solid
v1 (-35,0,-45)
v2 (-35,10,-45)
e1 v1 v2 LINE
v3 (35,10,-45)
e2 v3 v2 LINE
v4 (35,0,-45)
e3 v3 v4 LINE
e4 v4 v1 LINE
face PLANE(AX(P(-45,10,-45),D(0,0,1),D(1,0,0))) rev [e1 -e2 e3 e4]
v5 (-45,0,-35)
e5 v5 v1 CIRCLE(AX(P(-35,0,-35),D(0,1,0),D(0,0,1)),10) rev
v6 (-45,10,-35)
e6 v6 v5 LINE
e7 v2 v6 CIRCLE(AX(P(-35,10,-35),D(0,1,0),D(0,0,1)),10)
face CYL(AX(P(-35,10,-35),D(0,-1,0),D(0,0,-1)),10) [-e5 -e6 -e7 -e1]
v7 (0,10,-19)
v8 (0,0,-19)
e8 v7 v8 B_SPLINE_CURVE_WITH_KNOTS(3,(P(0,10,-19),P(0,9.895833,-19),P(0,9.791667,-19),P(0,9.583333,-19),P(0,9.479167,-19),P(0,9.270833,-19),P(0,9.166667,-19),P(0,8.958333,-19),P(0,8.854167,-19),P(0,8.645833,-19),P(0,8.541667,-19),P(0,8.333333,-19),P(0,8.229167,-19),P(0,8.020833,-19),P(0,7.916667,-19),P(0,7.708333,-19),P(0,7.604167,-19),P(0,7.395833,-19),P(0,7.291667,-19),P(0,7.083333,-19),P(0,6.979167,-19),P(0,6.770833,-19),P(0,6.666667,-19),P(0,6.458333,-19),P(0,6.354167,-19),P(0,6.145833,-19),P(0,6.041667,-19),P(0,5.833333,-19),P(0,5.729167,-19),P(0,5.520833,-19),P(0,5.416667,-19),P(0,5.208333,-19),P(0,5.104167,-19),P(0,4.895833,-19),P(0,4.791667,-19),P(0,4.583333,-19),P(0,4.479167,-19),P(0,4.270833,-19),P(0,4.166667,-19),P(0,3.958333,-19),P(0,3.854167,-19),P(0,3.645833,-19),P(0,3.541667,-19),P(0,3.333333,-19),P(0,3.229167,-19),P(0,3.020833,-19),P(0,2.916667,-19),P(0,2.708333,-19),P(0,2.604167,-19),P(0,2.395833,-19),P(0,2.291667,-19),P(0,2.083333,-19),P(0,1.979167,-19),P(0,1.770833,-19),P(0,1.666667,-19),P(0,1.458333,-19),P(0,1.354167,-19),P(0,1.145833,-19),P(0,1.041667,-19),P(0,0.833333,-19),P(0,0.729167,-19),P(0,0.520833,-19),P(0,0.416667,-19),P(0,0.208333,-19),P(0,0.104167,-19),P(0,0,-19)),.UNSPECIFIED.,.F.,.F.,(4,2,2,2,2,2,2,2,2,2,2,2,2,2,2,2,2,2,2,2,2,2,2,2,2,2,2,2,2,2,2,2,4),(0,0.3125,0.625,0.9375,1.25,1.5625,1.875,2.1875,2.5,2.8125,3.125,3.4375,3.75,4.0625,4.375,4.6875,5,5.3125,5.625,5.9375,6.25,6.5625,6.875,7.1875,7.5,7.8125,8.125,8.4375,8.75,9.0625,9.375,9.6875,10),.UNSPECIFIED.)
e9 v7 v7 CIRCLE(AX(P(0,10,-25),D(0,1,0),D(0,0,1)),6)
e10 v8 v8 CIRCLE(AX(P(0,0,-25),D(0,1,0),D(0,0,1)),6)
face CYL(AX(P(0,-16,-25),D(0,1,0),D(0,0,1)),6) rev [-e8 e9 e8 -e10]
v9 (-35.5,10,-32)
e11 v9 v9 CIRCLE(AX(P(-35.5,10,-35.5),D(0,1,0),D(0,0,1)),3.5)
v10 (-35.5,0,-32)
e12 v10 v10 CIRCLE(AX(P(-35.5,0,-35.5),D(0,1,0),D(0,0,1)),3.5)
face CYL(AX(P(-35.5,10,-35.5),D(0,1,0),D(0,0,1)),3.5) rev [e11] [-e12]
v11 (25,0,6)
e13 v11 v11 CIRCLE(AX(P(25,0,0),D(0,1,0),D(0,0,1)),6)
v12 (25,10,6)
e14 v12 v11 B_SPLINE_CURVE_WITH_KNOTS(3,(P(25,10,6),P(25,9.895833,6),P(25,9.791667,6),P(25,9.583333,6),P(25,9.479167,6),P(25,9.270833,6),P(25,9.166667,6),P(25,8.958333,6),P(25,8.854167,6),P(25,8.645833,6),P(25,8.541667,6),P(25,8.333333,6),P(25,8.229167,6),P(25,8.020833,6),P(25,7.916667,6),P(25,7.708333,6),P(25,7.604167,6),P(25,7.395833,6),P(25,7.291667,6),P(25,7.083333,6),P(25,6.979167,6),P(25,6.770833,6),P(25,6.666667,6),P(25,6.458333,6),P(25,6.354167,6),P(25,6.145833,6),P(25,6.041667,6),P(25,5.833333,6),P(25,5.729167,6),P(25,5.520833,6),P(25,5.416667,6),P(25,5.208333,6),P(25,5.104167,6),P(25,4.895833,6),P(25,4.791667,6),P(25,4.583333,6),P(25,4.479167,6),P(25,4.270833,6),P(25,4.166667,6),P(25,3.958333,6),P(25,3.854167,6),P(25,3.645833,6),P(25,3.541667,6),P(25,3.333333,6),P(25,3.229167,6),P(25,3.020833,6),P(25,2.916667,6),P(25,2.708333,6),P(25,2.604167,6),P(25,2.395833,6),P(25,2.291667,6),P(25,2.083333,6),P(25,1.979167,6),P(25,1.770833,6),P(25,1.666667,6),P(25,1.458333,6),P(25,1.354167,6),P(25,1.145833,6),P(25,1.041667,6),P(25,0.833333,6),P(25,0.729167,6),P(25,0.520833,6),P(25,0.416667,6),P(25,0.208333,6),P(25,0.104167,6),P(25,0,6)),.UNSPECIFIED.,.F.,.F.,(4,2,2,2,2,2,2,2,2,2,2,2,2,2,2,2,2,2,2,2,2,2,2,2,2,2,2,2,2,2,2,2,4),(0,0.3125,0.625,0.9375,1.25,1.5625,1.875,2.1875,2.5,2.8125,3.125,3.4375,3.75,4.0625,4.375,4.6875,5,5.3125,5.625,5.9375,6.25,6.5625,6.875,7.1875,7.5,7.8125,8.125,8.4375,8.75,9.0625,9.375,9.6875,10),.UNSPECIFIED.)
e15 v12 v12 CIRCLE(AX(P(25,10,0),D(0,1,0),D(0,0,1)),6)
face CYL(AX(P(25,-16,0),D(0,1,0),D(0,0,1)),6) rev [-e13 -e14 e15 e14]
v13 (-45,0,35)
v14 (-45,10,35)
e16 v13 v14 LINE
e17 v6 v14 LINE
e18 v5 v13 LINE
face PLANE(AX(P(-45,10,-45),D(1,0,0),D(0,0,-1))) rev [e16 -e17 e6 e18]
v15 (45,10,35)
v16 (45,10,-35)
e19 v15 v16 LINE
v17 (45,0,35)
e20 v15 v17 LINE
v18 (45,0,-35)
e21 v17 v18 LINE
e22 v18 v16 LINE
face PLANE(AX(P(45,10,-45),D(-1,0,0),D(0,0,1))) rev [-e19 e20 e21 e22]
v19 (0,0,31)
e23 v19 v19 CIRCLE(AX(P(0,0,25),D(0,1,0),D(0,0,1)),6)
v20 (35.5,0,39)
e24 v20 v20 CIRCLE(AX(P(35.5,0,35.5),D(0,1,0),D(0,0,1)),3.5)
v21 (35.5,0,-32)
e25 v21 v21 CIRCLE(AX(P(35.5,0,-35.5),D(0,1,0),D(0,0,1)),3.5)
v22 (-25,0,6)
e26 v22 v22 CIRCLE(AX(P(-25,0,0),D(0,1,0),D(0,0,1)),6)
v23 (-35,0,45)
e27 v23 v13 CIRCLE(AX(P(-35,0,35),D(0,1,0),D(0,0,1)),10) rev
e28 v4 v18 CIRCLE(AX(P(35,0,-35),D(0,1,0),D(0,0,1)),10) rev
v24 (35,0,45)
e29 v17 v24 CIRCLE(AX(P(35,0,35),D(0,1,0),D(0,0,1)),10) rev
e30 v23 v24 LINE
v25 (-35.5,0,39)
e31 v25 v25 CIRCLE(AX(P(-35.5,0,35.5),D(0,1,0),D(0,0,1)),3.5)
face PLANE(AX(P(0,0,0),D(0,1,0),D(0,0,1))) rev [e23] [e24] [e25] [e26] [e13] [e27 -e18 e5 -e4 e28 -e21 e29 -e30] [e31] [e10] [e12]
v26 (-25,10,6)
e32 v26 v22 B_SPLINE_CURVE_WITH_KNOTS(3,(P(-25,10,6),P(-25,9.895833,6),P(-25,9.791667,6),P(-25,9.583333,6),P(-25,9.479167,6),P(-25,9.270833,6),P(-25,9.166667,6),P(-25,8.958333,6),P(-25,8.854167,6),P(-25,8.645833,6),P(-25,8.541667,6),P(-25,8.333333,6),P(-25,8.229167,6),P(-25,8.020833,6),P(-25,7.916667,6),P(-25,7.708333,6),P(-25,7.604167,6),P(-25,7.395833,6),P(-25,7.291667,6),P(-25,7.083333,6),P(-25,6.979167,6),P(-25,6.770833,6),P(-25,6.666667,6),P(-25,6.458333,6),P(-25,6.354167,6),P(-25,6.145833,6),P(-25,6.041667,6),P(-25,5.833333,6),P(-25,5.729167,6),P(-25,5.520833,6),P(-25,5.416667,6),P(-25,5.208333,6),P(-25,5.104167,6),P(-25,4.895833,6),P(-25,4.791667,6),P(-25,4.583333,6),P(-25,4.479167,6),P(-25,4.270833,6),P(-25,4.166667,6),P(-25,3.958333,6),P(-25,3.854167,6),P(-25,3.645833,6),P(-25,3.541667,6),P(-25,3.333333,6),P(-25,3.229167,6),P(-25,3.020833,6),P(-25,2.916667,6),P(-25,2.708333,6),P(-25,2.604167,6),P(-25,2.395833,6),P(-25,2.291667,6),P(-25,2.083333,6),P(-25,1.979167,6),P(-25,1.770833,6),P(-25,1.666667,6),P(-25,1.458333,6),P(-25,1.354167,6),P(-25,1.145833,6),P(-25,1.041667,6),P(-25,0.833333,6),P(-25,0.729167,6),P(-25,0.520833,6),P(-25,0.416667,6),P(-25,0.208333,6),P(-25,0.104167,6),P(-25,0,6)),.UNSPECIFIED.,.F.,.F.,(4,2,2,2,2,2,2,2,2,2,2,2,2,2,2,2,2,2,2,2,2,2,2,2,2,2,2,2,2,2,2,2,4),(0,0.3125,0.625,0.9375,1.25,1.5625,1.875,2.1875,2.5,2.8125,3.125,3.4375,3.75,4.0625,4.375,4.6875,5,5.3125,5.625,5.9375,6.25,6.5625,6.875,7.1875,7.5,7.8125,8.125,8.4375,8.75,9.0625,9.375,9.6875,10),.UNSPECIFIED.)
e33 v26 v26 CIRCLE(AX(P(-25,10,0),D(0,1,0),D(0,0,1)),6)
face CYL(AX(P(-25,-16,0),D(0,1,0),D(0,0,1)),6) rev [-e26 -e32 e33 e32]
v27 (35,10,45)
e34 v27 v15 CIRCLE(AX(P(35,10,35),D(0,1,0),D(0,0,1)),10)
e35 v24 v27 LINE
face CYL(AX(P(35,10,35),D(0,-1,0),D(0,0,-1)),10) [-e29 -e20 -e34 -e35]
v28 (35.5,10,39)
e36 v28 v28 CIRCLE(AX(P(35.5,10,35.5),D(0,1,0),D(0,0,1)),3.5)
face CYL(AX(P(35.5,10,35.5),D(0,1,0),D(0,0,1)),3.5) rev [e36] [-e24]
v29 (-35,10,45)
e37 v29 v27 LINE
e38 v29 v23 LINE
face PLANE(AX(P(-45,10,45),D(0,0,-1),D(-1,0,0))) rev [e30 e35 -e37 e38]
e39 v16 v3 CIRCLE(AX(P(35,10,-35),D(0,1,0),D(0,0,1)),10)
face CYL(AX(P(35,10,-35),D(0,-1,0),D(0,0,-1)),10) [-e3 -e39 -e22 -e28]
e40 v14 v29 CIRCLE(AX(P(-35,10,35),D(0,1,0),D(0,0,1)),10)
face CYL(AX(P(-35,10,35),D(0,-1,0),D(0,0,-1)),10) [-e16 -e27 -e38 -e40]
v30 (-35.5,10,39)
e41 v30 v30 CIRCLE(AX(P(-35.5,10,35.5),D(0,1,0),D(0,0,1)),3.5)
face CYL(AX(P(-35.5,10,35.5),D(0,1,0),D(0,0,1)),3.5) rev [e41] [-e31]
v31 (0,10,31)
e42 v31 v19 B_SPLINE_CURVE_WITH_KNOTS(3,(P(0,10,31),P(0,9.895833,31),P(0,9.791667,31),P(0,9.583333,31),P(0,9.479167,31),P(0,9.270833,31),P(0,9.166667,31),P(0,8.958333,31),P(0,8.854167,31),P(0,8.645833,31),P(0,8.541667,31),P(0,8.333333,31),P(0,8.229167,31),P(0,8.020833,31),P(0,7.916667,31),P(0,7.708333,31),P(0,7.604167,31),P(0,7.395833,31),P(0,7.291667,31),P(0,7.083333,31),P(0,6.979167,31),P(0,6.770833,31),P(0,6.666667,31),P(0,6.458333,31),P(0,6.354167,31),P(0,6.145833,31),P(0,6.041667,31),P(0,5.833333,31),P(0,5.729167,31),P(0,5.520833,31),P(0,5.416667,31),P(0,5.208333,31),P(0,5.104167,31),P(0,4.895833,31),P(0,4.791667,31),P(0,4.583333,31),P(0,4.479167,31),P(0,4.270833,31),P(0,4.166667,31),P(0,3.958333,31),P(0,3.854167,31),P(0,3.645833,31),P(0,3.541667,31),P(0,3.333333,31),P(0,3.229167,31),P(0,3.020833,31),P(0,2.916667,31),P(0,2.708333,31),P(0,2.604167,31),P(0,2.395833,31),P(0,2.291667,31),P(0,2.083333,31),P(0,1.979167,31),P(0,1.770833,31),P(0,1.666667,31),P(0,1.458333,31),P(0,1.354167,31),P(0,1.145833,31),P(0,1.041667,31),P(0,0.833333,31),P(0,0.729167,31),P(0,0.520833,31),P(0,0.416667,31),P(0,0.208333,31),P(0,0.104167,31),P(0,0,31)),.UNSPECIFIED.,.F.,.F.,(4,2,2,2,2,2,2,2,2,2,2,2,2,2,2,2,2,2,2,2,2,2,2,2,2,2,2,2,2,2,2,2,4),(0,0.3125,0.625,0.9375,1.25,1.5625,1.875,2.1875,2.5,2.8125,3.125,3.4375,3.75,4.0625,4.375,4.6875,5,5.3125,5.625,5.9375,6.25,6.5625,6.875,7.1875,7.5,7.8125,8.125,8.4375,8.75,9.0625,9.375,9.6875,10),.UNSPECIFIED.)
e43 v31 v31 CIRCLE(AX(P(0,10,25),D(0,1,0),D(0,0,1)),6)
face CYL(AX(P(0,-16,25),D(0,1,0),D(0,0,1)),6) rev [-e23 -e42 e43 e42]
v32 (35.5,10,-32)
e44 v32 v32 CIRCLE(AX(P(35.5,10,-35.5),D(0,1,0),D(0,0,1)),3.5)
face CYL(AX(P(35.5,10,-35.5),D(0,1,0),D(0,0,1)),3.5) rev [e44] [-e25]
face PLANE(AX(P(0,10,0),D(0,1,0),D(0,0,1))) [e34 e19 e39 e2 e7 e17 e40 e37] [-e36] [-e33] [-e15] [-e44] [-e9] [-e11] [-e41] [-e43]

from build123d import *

# Parameters (mm, degrees)
SKETCH1_W            = 90
SKETCH1_H            = 90
BOSS_EXTRUDE1_DEPTH  = 10
M6_CLEARANCE_HOLE2_D = 7
SKETCH3_R            = 6
CUT_EXTRUDE2_DEPTH   = 26
FILLET1_R            = 10


with BuildPart() as part:
    # Sketch1 → Boss-Extrude1 (new body)
    with BuildSketch(Plane(origin=(0, 0, 0), x_dir=(1, 0, 0), z_dir=(0, 1, 0))):
        Rectangle(SKETCH1_W, SKETCH1_H)
    extrude(amount=BOSS_EXTRUDE1_DEPTH)

    # M6 Clearance Hole2 (through all)
    with Locations(Plane(origin=(-35.5, 10, -35.5), x_dir=(0, 0, 1), z_dir=(0, 1, 0))):
        with Locations((0, 0), (0, 71), (71, 0), (71, 71)):
            Hole(M6_CLEARANCE_HOLE2_D / 2)

    # Sketch3 → Cut-Extrude2 (cut)
    with BuildSketch(Plane(origin=(0, 10, 0), x_dir=(1, 0, 0), z_dir=(0, 1, 0))):
        with Locations(Location((0, 25, 0), (0, 0, 270))):
            Circle(SKETCH3_R)
        with Locations(Location((-25, 0, 0), (0, 0, 270))):
            Circle(SKETCH3_R)
        with Locations(Location((0, -25, 0), (0, 0, 270))):
            Circle(SKETCH3_R)
        with Locations(Location((25, 0, 0), (0, 0, 270))):
            Circle(SKETCH3_R)
    extrude(amount=-CUT_EXTRUDE2_DEPTH, mode=Mode.SUBTRACT)

    # Fillet1
    fillet1_edges = [part.edges().sort_by_distance(p)[0] for p in [
        (45, 5, 45),
        (-45, 5, 45),
        (-45, 5, -45),
        (45, 5, -45),
    ]]
    fillet(fillet1_edges, radius=FILLET1_R)


solid = part.part
